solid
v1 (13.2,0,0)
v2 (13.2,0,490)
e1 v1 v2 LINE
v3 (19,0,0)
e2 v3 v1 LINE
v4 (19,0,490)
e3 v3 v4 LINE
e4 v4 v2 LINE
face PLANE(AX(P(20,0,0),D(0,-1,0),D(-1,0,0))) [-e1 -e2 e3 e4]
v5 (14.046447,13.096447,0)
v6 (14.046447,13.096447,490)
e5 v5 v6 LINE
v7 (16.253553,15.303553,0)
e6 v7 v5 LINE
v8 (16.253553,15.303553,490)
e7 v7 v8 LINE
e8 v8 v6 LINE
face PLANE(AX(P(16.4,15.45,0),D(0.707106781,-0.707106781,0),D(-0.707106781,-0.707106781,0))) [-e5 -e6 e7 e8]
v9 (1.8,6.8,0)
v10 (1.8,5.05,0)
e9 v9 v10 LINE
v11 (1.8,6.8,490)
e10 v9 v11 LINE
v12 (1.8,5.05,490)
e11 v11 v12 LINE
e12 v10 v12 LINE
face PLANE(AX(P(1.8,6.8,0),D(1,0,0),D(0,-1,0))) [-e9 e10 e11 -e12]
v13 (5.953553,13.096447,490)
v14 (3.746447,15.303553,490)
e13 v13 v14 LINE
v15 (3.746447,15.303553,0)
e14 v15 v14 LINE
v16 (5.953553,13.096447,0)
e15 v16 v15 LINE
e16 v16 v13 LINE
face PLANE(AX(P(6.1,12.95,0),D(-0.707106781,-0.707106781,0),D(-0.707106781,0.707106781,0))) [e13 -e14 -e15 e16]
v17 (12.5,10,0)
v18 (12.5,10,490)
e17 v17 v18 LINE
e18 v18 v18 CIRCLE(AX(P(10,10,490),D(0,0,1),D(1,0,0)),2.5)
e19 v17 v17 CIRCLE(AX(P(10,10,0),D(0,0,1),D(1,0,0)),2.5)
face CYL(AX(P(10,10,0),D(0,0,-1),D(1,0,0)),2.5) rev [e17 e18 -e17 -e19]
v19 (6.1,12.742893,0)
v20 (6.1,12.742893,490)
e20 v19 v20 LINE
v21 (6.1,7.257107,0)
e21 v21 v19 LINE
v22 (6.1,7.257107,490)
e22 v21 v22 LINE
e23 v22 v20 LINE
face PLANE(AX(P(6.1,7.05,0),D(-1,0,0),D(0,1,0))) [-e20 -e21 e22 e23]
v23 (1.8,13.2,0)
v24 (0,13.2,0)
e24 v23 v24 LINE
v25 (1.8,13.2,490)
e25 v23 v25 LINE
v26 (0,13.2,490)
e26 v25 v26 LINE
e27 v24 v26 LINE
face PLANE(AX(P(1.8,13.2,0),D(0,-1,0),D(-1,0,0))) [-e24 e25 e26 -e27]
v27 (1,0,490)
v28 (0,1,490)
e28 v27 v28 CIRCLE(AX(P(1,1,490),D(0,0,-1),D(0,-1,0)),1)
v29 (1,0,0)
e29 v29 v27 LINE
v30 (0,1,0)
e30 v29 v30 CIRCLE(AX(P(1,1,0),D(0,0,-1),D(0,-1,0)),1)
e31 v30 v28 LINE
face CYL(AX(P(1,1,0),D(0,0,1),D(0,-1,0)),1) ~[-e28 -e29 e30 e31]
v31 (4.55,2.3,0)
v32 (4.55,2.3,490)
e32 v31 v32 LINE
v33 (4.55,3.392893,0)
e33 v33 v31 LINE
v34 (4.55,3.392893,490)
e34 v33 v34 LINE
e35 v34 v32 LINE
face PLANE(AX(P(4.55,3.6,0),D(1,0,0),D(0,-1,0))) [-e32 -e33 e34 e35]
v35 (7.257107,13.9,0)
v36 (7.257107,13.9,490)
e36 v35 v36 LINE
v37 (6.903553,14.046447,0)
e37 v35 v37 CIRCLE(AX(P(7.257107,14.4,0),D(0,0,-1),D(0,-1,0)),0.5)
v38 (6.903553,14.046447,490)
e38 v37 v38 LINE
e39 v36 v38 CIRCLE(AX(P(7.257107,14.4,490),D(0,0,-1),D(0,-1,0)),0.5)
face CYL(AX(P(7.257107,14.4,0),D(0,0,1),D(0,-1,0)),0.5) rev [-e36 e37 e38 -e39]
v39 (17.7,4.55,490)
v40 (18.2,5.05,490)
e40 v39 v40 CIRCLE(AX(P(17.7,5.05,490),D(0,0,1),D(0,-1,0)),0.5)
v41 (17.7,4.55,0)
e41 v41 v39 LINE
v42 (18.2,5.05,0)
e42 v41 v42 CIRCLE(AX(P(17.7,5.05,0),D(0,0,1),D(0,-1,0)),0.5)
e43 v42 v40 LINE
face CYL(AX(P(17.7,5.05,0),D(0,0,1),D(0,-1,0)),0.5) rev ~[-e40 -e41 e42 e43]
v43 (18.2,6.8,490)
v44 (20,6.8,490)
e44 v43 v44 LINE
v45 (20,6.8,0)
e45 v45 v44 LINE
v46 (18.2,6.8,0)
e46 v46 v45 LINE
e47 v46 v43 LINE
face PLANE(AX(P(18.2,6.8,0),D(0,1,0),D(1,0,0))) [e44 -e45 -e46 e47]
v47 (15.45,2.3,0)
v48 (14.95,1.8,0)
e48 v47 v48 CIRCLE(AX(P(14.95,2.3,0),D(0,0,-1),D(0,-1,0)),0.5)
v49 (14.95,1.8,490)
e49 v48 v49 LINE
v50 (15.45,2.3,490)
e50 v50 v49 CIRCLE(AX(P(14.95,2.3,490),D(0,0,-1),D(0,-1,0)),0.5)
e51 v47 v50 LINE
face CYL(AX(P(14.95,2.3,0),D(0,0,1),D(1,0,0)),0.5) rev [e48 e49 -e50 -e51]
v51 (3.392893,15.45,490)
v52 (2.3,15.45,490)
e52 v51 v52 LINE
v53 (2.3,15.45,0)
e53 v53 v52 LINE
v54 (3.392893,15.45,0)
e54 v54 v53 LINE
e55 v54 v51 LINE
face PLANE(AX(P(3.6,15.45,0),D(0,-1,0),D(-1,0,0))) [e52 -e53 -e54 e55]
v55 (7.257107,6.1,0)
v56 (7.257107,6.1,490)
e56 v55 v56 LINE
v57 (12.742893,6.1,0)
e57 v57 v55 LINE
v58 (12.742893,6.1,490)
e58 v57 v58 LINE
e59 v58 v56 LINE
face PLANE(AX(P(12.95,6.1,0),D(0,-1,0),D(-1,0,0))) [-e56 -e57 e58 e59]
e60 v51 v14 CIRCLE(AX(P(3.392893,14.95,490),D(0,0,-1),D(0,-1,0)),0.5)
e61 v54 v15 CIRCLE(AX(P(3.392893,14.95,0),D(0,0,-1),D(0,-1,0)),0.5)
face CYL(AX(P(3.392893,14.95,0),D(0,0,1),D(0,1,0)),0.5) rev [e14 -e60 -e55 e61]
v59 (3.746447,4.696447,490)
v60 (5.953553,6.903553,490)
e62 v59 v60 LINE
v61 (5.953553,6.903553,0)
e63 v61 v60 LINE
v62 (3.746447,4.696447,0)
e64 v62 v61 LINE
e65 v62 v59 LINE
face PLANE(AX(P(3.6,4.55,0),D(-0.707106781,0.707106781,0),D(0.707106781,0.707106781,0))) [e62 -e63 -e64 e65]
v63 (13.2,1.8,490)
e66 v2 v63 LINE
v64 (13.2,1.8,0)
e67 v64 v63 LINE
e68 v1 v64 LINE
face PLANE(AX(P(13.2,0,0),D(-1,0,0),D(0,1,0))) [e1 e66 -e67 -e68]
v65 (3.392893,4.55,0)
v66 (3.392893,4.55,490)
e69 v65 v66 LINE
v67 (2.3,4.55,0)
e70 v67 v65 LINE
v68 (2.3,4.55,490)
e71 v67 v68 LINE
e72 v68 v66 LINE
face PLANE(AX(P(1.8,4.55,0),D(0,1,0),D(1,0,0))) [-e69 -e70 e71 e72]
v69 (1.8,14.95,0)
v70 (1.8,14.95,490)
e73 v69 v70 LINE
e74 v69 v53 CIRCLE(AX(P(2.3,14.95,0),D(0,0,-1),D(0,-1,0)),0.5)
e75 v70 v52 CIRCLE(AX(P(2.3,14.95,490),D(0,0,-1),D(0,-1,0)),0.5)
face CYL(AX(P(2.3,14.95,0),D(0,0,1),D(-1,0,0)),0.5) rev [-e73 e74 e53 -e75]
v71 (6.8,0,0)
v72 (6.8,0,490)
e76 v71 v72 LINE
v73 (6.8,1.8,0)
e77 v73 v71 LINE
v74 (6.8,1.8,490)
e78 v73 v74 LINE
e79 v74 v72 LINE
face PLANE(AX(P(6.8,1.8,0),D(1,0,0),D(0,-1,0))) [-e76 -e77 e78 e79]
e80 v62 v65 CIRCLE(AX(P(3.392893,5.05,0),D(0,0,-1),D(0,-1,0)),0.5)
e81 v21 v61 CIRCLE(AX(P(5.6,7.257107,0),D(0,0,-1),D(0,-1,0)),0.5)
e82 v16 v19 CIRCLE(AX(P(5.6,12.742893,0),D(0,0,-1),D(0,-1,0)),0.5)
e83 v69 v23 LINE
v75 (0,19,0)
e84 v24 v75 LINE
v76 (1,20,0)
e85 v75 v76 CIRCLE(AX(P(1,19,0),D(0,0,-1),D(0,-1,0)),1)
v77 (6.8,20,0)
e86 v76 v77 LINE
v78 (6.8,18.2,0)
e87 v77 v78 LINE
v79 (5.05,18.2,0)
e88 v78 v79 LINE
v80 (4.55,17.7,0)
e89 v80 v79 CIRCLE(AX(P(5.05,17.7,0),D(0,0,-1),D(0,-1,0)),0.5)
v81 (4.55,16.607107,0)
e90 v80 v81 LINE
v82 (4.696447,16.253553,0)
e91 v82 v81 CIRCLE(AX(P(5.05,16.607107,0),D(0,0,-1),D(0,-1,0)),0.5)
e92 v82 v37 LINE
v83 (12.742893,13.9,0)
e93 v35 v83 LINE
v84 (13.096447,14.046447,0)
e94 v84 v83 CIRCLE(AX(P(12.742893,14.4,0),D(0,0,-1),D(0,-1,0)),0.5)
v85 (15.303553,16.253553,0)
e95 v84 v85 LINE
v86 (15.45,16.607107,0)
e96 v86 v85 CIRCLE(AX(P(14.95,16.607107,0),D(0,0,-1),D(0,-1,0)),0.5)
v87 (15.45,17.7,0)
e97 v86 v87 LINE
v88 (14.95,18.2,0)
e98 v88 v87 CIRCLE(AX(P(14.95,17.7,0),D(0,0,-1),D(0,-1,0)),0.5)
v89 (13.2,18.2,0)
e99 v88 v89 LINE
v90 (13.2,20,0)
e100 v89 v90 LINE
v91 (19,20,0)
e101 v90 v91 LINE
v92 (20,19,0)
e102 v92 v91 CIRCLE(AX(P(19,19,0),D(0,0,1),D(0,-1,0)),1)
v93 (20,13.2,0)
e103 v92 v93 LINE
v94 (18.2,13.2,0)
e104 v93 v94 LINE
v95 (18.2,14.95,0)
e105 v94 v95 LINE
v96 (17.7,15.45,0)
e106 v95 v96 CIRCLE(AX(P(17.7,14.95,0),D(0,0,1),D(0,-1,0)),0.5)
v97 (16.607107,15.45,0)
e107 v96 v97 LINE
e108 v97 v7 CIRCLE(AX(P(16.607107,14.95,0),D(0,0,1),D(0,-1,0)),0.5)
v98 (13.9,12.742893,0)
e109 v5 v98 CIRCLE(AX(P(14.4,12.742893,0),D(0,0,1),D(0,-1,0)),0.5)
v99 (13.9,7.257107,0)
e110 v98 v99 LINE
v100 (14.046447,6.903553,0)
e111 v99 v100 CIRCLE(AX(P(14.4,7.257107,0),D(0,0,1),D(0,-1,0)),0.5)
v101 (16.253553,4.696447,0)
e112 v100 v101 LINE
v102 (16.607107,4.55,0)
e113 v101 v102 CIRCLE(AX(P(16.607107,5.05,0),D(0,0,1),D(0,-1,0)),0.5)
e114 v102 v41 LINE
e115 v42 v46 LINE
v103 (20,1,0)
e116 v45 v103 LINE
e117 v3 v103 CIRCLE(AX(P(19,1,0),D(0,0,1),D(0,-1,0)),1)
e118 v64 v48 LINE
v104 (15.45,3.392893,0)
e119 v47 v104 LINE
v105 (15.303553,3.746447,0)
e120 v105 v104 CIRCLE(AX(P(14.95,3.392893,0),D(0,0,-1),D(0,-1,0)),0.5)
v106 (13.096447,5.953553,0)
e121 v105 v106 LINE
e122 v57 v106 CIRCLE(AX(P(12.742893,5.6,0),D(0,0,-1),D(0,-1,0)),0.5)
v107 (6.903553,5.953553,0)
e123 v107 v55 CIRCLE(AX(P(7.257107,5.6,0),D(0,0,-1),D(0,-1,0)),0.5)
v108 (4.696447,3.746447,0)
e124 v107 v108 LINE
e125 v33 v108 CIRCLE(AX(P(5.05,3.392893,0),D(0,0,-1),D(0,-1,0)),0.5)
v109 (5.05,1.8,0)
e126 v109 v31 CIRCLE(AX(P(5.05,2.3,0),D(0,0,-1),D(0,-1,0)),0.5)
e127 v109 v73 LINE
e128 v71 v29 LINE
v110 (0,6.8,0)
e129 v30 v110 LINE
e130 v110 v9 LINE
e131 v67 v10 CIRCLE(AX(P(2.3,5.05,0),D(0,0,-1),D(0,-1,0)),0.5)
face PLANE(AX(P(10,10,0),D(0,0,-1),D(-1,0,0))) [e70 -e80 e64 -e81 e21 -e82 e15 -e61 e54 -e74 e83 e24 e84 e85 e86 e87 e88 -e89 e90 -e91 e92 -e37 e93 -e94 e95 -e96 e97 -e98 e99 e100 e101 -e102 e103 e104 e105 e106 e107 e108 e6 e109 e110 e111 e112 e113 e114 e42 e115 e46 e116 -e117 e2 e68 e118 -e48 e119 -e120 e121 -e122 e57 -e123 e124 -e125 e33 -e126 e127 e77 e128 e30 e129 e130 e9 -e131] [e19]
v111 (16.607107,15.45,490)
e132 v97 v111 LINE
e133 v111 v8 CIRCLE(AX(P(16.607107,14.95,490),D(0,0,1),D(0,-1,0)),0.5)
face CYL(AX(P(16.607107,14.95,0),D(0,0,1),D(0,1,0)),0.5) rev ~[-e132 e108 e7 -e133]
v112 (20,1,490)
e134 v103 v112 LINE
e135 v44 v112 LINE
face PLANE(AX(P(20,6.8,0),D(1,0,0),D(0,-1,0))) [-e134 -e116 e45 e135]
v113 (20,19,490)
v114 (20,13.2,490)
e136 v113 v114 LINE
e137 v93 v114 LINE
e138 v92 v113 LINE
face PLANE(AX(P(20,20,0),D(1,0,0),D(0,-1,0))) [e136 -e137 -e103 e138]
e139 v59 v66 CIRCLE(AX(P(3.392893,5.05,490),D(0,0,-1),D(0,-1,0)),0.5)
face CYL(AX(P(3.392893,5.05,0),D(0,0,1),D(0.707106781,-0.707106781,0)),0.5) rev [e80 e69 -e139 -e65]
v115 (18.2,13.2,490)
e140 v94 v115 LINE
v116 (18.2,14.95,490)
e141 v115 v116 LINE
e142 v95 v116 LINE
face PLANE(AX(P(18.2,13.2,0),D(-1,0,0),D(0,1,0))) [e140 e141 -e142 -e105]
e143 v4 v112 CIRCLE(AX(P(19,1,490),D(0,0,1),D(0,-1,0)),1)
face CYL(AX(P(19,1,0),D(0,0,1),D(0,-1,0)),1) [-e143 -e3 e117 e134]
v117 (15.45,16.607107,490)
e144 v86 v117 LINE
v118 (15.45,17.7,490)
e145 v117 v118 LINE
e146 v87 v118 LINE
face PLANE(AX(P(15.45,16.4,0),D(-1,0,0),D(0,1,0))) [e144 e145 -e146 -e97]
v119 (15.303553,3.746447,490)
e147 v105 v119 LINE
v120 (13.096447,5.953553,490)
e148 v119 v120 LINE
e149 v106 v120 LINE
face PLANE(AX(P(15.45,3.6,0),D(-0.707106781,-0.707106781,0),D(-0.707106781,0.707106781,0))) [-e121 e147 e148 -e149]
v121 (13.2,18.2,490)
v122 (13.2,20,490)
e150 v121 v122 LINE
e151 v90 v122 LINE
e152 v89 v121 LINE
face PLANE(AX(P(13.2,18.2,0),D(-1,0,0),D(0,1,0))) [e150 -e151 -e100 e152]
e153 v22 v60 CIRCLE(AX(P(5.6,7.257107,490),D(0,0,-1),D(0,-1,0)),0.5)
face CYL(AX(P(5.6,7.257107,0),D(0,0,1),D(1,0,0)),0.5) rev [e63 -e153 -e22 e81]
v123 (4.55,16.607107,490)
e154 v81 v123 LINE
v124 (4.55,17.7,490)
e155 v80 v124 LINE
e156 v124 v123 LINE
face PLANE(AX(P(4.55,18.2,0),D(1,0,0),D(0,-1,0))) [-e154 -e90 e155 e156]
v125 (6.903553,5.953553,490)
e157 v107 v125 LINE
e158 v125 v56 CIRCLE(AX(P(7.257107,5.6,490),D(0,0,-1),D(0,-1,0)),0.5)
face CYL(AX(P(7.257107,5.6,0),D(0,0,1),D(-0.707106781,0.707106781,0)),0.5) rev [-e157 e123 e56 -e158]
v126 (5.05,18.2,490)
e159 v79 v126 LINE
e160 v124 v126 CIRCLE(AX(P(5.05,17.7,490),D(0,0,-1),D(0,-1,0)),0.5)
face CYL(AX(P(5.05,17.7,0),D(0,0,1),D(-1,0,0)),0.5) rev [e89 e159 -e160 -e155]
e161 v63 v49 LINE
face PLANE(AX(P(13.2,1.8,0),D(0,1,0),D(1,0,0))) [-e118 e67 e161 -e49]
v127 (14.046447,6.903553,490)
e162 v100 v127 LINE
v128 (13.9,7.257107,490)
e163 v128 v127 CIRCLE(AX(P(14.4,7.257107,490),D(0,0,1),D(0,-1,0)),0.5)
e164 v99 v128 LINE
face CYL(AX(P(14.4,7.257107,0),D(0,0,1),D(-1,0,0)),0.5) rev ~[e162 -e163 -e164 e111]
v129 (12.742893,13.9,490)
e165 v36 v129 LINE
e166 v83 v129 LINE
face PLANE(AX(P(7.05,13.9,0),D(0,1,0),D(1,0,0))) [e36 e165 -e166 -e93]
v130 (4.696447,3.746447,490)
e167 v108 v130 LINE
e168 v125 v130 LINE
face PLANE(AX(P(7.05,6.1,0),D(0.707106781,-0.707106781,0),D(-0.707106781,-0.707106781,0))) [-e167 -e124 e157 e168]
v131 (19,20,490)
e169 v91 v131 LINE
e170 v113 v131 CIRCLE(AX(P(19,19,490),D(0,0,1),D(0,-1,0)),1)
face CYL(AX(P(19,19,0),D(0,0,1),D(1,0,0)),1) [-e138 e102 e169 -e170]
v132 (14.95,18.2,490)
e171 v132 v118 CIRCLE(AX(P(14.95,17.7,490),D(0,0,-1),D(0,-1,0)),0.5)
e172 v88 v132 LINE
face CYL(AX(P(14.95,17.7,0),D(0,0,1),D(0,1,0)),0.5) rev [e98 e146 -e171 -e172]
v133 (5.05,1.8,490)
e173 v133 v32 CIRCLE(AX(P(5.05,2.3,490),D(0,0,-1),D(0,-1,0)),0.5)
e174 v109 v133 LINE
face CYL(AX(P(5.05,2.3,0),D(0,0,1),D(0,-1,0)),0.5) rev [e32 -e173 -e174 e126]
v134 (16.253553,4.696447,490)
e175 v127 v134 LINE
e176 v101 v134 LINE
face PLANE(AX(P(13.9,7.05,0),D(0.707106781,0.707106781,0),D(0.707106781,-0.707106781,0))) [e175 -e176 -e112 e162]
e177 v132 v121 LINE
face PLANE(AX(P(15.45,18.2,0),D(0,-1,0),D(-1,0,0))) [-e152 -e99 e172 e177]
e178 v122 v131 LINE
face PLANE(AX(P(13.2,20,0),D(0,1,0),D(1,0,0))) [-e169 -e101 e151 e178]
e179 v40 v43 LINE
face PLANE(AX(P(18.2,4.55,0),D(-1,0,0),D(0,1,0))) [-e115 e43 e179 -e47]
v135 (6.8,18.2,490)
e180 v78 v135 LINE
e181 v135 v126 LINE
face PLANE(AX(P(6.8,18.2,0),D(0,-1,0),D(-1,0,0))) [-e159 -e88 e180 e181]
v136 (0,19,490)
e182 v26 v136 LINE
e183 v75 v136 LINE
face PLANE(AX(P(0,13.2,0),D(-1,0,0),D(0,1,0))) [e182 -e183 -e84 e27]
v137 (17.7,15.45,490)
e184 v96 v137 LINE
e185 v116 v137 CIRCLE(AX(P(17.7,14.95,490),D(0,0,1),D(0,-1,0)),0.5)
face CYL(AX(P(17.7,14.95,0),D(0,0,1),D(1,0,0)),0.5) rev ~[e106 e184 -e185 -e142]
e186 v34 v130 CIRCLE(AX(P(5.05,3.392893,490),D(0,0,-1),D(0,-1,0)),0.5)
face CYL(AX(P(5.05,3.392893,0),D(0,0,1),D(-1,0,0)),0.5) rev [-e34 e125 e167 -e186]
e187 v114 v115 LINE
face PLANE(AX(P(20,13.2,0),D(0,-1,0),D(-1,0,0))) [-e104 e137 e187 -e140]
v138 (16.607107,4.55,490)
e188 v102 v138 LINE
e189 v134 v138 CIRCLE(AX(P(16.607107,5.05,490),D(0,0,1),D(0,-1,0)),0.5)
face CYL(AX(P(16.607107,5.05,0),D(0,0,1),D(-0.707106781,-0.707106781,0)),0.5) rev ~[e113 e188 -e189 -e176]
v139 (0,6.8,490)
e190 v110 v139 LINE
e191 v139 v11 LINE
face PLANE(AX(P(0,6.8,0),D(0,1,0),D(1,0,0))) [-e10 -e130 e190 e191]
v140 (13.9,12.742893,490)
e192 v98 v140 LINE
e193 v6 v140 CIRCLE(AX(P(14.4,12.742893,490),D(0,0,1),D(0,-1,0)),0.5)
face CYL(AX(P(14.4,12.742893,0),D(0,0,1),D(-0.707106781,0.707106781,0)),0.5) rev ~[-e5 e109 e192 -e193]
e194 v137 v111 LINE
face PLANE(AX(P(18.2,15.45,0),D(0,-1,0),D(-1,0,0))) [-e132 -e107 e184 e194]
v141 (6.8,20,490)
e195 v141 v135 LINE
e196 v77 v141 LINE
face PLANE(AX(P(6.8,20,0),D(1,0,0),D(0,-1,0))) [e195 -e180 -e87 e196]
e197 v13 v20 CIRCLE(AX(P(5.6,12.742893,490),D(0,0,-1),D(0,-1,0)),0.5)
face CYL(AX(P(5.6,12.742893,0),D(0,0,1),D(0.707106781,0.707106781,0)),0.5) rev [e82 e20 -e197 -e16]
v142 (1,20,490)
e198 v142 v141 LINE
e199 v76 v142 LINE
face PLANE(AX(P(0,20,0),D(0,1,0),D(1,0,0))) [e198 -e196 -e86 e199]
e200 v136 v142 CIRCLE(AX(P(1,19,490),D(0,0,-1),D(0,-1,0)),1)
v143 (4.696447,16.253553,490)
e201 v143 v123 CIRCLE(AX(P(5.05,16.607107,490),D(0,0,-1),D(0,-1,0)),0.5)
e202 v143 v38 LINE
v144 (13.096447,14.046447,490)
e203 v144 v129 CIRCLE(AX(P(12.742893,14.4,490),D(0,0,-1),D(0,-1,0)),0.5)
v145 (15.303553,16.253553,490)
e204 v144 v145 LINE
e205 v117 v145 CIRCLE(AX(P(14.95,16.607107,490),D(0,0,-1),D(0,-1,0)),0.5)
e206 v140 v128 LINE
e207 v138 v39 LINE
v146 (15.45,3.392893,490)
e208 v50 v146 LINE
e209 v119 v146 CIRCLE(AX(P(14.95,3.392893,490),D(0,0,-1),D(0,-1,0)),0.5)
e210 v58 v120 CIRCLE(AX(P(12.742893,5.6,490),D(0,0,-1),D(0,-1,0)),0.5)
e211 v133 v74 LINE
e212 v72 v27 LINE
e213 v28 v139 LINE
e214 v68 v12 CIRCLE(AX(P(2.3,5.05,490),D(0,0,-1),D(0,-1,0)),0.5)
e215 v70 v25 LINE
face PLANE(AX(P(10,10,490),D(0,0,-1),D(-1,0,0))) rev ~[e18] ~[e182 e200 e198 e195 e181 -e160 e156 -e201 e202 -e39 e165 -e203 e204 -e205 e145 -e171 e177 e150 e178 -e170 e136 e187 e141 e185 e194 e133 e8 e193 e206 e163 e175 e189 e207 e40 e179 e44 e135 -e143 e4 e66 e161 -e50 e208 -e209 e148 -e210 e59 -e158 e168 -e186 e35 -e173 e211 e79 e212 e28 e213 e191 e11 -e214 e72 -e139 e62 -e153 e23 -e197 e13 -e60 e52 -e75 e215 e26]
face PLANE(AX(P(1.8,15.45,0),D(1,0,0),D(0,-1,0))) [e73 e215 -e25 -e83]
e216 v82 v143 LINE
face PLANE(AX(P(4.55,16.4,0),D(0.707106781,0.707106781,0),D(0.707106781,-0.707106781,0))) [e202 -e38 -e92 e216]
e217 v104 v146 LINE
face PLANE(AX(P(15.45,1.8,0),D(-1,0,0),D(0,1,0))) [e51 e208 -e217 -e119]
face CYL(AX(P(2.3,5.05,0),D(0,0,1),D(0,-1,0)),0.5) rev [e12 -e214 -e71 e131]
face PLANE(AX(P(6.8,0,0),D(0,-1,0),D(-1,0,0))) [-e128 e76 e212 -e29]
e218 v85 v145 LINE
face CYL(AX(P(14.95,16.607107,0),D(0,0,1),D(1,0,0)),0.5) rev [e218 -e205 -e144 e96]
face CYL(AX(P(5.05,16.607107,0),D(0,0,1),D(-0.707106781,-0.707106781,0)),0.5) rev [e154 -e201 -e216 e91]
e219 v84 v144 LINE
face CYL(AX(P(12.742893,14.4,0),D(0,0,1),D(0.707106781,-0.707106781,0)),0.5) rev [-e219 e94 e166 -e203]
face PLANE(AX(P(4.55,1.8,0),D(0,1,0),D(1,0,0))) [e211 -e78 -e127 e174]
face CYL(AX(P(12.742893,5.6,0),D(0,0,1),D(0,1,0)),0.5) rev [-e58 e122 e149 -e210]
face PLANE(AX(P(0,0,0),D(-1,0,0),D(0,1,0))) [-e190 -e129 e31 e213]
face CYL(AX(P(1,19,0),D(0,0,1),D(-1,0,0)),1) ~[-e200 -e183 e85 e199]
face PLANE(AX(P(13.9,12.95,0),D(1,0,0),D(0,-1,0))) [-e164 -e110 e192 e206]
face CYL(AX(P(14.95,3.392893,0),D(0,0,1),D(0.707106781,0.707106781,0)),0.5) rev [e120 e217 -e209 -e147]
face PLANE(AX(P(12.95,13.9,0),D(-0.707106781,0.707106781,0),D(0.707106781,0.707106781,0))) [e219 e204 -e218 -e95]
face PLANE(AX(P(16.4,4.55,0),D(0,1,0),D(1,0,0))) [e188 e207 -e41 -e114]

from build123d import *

# Parameters (mm, degrees)
SKETCH1_R           = 2.5
BOSS_EXTRUDE1_DEPTH = 490
FILLET1_R           = 1
FILLET2_R           = 0.5
FILLET3_R           = 0.5
FILLET4_R           = 0.5
FILLET5_R           = 0.5


with BuildPart() as part:
    # Sketch1 → Boss-Extrude1 (new body)
    with BuildSketch(Plane.XY):
        Polygon((13.2, 0), (13.2, 1.8), (15.45, 1.8), (15.45, 3.6), (12.95, 6.1), (7.05, 6.1), (4.55, 3.6), (4.55, 1.8), (6.8, 1.8), (6.8, 0), (0, 0), (0, 6.8), (1.8, 6.8), (1.8, 4.55), (3.6, 4.55), (6.1, 7.05), (6.1, 12.95), (3.6, 15.45), (1.8, 15.45), (1.8, 13.2), (0, 13.2), (0, 20), (6.8, 20), (6.8, 18.2), (4.55, 18.2), (4.55, 16.4), (7.05, 13.9), (12.95, 13.9), (15.45, 16.4), (15.45, 18.2), (13.2, 18.2), (13.2, 20), (20, 20), (20, 13.2), (18.2, 13.2), (18.2, 15.45), (16.4, 15.45), (13.9, 12.95), (13.9, 7.05), (16.4, 4.55), (18.2, 4.55), (18.2, 6.8), (20, 6.8), (20, 0), align=None)
        with Locations((10, 10)):
            Circle(SKETCH1_R, mode=Mode.SUBTRACT)
    extrude(amount=BOSS_EXTRUDE1_DEPTH)

    # Fillet1
    fillet1_edges = [part.edges().sort_by_distance(p)[0] for p in [
        (0, 0, 245),
        (0, 20, 245),
        (20, 20, 245),
        (20, 0, 245),
    ]]
    fillet(fillet1_edges, radius=FILLET1_R)

    # Fillet2
    fillet2_edges = [part.edges().sort_by_distance(p)[0] for p in [
        (4.55, 18.2, 245),
        (4.55, 16.4, 245),
        (7.05, 13.9, 245),
        (12.95, 13.9, 245),
        (15.45, 16.4, 245),
        (15.45, 18.2, 245),
    ]]
    fillet(fillet2_edges, radius=FILLET2_R)

    # Fillet3
    fillet3_edges = [part.edges().sort_by_distance(p)[0] for p in [
        (18.2, 15.45, 245),
        (16.4, 15.45, 245),
        (13.9, 12.95, 245),
        (13.9, 7.05, 245),
        (16.4, 4.55, 245),
        (18.2, 4.55, 245),
    ]]
    fillet(fillet3_edges, radius=FILLET3_R)

    # Fillet4
    fillet4_edges = [part.edges().sort_by_distance(p)[0] for p in [
        (1.8, 4.55, 245),
        (3.6, 4.55, 245),
        (6.1, 7.05, 245),
        (6.1, 12.95, 245),
        (3.6, 15.45, 245),
        (1.8, 15.45, 245),
    ]]
    fillet(fillet4_edges, radius=FILLET4_R)

    # Fillet5
    fillet5_edges = [part.edges().sort_by_distance(p)[0] for p in [
        (15.45, 1.8, 245),
        (15.45, 3.6, 245),
        (12.95, 6.1, 245),
        (7.05, 6.1, 245),
        (4.55, 3.6, 245),
        (4.55, 1.8, 245),
    ]]
    fillet(fillet5_edges, radius=FILLET5_R)


solid = part.part
